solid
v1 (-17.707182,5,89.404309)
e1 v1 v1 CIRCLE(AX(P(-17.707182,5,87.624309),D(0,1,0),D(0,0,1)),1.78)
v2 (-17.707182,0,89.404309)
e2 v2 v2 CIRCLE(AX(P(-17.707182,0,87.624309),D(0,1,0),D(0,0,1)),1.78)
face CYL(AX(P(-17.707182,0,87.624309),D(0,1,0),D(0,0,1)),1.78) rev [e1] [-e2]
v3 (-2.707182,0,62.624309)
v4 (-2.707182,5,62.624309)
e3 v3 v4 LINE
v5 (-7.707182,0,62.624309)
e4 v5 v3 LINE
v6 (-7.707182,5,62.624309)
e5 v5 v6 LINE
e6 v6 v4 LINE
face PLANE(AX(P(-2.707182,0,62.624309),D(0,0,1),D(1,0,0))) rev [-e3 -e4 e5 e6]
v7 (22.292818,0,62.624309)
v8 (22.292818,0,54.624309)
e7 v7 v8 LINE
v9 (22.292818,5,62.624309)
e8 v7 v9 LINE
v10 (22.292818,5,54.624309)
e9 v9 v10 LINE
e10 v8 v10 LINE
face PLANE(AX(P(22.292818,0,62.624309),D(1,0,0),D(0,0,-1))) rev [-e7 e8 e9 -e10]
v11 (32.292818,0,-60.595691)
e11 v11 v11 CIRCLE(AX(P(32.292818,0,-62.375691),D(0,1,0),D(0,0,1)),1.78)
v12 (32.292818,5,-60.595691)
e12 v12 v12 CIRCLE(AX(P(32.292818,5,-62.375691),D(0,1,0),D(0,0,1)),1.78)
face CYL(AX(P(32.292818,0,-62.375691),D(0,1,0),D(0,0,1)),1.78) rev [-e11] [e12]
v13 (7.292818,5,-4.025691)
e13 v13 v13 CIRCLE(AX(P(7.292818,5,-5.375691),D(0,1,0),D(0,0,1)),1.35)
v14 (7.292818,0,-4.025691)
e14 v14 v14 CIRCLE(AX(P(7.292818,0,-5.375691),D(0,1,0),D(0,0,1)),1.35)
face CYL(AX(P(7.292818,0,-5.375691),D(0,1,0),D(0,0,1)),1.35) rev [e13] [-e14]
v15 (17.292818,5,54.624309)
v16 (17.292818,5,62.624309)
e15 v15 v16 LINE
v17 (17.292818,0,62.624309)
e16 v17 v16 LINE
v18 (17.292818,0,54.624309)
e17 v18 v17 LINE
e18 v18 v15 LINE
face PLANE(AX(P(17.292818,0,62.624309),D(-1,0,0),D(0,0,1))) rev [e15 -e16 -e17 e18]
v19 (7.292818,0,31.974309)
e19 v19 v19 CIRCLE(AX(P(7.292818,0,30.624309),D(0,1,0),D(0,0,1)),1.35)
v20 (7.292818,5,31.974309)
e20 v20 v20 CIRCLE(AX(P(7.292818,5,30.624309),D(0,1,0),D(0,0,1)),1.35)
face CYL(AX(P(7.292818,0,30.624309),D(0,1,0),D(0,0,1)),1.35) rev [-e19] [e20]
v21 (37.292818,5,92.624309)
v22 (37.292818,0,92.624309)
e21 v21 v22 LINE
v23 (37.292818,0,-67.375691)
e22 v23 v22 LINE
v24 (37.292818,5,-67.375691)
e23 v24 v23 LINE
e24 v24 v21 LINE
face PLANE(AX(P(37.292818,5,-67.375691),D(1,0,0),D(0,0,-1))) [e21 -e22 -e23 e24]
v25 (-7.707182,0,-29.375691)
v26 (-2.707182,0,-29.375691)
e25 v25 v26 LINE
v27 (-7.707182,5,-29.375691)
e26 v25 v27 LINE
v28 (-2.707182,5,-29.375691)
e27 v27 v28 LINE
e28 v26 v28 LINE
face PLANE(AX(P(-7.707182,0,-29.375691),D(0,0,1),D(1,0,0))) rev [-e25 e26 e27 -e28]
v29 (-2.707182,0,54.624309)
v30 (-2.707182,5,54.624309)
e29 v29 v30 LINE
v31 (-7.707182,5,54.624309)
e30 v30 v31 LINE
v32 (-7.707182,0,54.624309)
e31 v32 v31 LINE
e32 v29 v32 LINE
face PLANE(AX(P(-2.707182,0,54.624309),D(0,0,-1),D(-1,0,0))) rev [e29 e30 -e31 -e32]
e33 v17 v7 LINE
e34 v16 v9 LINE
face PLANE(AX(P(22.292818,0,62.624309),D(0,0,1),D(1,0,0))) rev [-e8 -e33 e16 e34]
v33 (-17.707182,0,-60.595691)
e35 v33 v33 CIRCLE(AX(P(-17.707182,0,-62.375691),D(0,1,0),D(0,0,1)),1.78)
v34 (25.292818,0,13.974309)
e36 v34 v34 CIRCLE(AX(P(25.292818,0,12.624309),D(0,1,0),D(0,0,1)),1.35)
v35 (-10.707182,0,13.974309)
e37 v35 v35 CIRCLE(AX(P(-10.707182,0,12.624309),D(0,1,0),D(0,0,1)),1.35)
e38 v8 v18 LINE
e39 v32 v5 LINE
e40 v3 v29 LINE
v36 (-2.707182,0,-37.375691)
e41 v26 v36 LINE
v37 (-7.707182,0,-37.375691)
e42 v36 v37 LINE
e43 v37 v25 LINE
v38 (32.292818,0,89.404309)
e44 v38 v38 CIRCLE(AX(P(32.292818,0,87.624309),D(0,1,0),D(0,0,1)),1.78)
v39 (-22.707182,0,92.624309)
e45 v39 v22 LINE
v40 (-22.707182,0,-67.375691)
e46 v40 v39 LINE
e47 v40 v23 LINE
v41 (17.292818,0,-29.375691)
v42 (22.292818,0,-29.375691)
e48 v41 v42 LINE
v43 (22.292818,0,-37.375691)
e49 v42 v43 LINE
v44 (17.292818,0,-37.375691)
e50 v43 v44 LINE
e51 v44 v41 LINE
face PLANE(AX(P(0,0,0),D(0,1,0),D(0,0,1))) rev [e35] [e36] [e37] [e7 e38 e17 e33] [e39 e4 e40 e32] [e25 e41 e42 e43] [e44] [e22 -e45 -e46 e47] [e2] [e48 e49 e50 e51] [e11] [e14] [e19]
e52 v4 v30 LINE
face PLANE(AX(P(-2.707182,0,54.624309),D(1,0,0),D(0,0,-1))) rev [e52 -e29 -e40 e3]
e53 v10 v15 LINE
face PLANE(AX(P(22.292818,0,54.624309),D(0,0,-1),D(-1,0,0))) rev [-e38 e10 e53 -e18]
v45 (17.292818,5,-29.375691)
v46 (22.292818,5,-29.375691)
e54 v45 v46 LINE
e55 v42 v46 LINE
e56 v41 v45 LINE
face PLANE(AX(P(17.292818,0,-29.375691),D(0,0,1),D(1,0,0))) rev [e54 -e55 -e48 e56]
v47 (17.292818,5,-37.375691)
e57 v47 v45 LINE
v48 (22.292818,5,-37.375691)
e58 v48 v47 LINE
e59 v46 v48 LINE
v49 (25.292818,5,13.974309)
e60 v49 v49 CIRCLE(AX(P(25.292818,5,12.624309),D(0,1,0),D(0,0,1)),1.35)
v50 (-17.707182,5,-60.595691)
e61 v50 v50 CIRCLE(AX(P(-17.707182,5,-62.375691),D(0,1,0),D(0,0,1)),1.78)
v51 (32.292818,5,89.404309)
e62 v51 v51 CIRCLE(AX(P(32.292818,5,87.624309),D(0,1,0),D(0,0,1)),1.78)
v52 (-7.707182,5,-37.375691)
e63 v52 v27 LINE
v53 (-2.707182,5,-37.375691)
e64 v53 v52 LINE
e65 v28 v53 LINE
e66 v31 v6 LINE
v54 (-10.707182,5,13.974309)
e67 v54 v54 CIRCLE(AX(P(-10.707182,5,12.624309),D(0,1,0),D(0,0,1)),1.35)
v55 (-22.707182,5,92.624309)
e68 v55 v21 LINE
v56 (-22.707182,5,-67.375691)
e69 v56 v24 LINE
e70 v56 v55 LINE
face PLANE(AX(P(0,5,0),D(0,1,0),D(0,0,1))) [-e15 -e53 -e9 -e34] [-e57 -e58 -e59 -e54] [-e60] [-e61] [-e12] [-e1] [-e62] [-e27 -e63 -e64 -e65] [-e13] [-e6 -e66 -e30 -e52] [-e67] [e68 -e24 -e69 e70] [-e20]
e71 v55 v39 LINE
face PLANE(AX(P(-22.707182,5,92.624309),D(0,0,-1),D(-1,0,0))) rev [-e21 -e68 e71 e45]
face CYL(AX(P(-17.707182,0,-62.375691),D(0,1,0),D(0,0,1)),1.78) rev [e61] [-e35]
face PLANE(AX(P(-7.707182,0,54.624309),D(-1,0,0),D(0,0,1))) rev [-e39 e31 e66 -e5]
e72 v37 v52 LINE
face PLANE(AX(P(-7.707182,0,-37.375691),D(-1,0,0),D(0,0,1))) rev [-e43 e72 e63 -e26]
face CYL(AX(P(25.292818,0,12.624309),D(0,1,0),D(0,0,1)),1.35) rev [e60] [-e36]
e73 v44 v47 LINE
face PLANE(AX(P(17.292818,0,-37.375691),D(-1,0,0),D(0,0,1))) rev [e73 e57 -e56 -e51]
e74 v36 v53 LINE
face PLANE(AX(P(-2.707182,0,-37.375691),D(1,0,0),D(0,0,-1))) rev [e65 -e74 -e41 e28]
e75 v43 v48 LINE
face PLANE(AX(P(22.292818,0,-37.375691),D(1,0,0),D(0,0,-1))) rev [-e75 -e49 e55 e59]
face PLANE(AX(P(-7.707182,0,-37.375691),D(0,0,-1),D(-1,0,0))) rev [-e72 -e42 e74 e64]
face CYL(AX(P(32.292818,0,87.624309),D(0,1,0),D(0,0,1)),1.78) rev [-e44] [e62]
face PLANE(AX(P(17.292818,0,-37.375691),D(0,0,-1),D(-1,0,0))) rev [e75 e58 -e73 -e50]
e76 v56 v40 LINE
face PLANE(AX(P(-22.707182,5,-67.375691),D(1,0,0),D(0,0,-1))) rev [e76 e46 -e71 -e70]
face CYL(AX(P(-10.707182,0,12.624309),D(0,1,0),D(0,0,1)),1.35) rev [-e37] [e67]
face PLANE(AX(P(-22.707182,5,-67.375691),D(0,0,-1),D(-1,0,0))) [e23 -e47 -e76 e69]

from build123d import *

# Parameters (mm, degrees)
SKETCH1_W           = 60
SKETCH1_H           = 160
BOSS_EXTRUDE1_DEPTH = 5
SKETCH2_R           = 1.78
CUT_EXTRUDE1_DEPTH  = 100.9750816
SKETCH3_R           = 1.35
CUT_EXTRUDE2_DEPTH  = 100.9750816
SKETCH4_W           = 5
SKETCH4_H           = 8
CUT_EXTRUDE3_DEPTH  = 100.9750816


with BuildPart() as part:
    # Sketch1 → Boss-Extrude1 (new body)
    with BuildSketch(Plane(origin=(0, 0, 0), x_dir=(1, 0, 0), z_dir=(0, 1, 0))):
        with Locations((7.29281768, -12.624309392)):
            Rectangle(SKETCH1_W, SKETCH1_H)
    extrude(amount=BOSS_EXTRUDE1_DEPTH)

    # Sketch2 → Cut-Extrude1 (cut, through all)
    with BuildSketch(Plane(origin=(0, 5, 0), x_dir=(1, 0, 0), z_dir=(0, 1, 0))):
        with Locations(Location((-17.70718232, 62.375690608, 0), (0, 0, 270))):
            Circle(SKETCH2_R)
        with Locations(Location((32.29281768, 62.375690608, 0), (0, 0, 270))):
            Circle(SKETCH2_R)
        with Locations(Location((32.29281768, -87.624309392, 0), (0, 0, 270))):
            Circle(SKETCH2_R)
        with Locations(Location((-17.70718232, -87.624309392, 0), (0, 0, 270))):
            Circle(SKETCH2_R)
    extrude(amount=-CUT_EXTRUDE1_DEPTH, mode=Mode.SUBTRACT)

    # Sketch3 → Cut-Extrude2 (cut, through all)
    with BuildSketch(Plane(origin=(0, 5, 0), x_dir=(1, 0, 0), z_dir=(0, 1, 0))):
        with Locations(Location((25.29281768, -12.624309392, 0), (0, 0, 270))):
            Circle(SKETCH3_R)
        with Locations(Location((-10.70718232, -12.624309392, 0), (0, 0, 270))):
            Circle(SKETCH3_R)
        with Locations(Location((7.29281768, 5.375690608, 0), (0, 0, 270))):
            Circle(SKETCH3_R)
        with Locations(Location((7.29281768, -30.624309392, 0), (0, 0, 270))):
            Circle(SKETCH3_R)
    extrude(amount=-CUT_EXTRUDE2_DEPTH, mode=Mode.SUBTRACT)

    # Sketch4 → Cut-Extrude3 (cut, through all)
    with BuildSketch(Plane(origin=(0, 5, 0), x_dir=(1, 0, 0), z_dir=(0, 1, 0))):
        with Locations((-5.20718232, 33.375690608)):
            Rectangle(SKETCH4_W, SKETCH4_H)
        with Locations((19.79281768, 33.375690608)):
            Rectangle(SKETCH4_W, SKETCH4_H)
        with Locations((19.79281768, -58.624309392)):
            Rectangle(SKETCH4_W, SKETCH4_H)
        with Locations((-5.20718232, -58.624309392)):
            Rectangle(SKETCH4_W, SKETCH4_H)
    extrude(amount=-CUT_EXTRUDE3_DEPTH, mode=Mode.SUBTRACT)


solid = part.part
